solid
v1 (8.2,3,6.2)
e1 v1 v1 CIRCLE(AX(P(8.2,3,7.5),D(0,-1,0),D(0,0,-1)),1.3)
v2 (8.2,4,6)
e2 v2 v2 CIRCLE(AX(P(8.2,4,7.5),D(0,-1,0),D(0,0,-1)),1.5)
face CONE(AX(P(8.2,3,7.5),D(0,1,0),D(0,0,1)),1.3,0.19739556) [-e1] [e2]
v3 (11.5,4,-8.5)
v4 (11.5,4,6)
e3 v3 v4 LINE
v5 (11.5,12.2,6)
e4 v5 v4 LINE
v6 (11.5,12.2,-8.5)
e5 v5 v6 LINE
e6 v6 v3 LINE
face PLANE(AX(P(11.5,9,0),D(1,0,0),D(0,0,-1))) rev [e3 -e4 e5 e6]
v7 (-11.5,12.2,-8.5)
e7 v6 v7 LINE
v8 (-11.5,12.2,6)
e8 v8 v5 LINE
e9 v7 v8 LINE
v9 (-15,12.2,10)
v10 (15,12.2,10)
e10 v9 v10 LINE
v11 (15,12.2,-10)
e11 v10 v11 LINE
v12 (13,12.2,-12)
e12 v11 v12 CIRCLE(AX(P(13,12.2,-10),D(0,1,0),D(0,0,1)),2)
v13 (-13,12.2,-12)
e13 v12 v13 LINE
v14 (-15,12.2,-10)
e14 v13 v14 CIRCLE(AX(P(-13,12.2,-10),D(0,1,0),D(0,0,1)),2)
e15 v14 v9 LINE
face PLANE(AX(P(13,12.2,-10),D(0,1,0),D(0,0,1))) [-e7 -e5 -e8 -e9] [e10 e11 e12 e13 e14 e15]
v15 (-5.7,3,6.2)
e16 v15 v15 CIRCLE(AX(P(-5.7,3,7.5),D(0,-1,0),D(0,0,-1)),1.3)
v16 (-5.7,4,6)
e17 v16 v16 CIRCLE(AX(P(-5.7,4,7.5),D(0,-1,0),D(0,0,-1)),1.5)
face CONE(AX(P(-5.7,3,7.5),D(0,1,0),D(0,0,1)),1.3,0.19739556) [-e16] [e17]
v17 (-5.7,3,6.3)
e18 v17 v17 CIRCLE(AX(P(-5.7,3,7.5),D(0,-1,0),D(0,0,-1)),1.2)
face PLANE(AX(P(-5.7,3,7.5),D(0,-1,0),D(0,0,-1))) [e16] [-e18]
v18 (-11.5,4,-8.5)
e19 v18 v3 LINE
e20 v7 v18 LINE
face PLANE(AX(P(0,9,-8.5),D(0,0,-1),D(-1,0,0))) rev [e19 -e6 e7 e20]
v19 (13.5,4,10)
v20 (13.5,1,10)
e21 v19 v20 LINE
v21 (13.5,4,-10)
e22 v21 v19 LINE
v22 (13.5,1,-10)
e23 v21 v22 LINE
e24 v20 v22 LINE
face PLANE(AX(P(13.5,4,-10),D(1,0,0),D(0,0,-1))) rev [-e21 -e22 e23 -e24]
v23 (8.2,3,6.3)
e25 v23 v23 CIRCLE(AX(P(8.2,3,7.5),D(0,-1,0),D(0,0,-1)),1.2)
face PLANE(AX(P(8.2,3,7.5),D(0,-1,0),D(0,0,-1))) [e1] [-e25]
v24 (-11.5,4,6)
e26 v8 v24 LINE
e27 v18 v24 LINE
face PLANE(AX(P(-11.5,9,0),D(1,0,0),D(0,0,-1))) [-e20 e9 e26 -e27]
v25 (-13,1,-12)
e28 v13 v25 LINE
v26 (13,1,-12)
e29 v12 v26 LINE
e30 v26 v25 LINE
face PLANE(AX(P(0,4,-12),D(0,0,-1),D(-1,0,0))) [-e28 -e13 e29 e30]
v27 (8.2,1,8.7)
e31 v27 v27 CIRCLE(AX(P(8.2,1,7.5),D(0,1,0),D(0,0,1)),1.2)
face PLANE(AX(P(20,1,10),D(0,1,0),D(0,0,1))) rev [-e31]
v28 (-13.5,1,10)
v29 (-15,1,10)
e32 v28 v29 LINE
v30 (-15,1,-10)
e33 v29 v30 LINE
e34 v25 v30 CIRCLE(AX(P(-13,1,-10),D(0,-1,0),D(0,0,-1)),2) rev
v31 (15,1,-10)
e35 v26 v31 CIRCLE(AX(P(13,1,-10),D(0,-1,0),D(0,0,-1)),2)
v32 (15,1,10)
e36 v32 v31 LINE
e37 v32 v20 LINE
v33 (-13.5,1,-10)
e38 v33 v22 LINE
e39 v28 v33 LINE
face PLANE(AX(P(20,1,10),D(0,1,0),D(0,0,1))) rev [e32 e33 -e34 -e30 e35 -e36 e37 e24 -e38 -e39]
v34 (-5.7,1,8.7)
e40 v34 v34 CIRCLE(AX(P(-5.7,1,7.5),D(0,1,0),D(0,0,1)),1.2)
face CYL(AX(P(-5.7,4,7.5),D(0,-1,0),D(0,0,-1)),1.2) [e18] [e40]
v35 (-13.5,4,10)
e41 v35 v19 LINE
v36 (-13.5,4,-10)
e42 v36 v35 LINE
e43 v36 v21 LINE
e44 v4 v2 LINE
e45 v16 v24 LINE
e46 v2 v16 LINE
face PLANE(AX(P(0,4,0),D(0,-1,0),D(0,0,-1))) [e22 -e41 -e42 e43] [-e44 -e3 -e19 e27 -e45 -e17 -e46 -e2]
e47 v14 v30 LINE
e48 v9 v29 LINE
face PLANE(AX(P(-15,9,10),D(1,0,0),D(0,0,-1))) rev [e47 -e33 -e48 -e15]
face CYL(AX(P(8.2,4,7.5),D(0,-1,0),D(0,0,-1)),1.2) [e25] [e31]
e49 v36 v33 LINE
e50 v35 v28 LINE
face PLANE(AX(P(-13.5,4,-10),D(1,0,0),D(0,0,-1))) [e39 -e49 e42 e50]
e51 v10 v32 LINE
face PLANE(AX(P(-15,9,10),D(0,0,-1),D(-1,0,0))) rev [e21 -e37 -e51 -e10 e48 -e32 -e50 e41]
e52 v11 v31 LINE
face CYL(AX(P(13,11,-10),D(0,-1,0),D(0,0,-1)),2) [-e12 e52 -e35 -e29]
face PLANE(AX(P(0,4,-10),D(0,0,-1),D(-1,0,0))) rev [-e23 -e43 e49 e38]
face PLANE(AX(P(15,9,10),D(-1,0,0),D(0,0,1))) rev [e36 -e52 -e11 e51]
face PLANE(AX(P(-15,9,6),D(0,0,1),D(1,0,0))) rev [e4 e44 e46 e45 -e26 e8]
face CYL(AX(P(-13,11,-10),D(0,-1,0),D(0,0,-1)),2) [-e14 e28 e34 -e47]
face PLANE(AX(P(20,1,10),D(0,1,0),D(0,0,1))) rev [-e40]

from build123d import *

# Parameters (mm, degrees)
RESSALTO_EXTRUS_O1_DEPTH = 4
RESSALTO_EXTRUS_O2_DEPTH = 4
ESBO_O2_W                = 30
ESBO_O2_H                = 4
RESSALTO_EXTRUS_O3_DEPTH = 5
RESSALTO_EXTRUS_O4_DEPTH = 5
ESBO_O5_W                = 22
ESBO_O5_H                = 1
CORTE_EXTRUS_O2_DEPTH    = 35
CORTE_EXTRUS_O3_DEPTH    = 10
ESBO_O9_W                = 23
ESBO_O9_H                = 14.5
RESSALTO_EXTRUS_O5_DEPTH = 3.2
ESBO_O4_W                = 0.5
ESBO_O4_H                = 20
CORTE_EXTRUS_O4_DEPTH    = 4
ESBO_O11_R               = 1.5
ESBO_O12_R               = 1.3
ESBO_O11_4_R             = 1.5
ESBO_O12_4_R             = 1.3


with BuildPart() as part:
    # Esboço1 → Ressalto-extrusão1 (new body)
    with BuildSketch(Plane(origin=(0, 0, 0), x_dir=(1, 0, 0), z_dir=(0, 1, 0))):
        with BuildLine():
            ThreePointArc((-4.5, -7.5), (-5.7, -6.3), (-6.9, -7.5))
            Line((-6.9, -7.5), (-5.7, -7.5))
            Line((-5.7, -7.5), (-4.5, -7.5))
        make_face()
        with BuildLine():
            Line((-5.7, -7.5), (-6.9, -7.5))
            ThreePointArc((-6.9, -7.5), (-5.7, -8.7), (-4.5, -7.5))
            Line((-4.5, -7.5), (-5.7, -7.5))
        make_face()
        with BuildLine():
            ThreePointArc((7, -7.5), (8.2, -8.7), (9.4, -7.5))
            Line((9.4, -7.5), (8.2, -7.5))
            Line((8.2, -7.5), (7, -7.5))
        make_face()
        with BuildLine():
            Line((8.2, -7.5), (9.4, -7.5))
            ThreePointArc((9.4, -7.5), (8.2, -6.3), (7, -7.5))
            Line((7, -7.5), (8.2, -7.5))
        make_face()
    extrude(amount=RESSALTO_EXTRUS_O1_DEPTH)



with BuildPart() as body_2:
    # Esboço1<3> → Ressalto-extrusão2 (new body)
    with BuildSketch(Plane(origin=(0, 0, 0), x_dir=(1, 0, 0), z_dir=(0, 1, 0))):
        Polygon((-13, -10), (-13, -9), (-13, -7.5), (-13, 10), (-11.5, 10), (13, 10), (13, -7.5), (13, -9), (13, -10), (15, -10), (15, 10), (15, 12), (13, 12), (-13, 12), (-15, 12), (-15, 10), (-15, -10), align=None)
    extrude(amount=RESSALTO_EXTRUS_O2_DEPTH)


with BuildPart() as part_1:
    add(part.part)

    add(body_2.part)  # Ressalto-extrusão3 merges body 2
    # Esboço2 → Ressalto-extrusão3 (add)
    with BuildSketch(Plane(origin=(0, 4, 0), x_dir=(1, 0, 0), z_dir=(0, 1, 0))):
        with Locations((0, -8)):
            Rectangle(ESBO_O2_W, ESBO_O2_H)
    extrude(amount=RESSALTO_EXTRUS_O3_DEPTH)

    # Esboço3 → Ressalto-extrusão4 (add)
    with BuildSketch(Plane(origin=(0, 4, 0), x_dir=(1, 0, 0), z_dir=(0, 1, 0))):
        Polygon((-11.5, 8.5), (11.5, 8.5), (11.5, -6), (13, -6), (13, 10), (-13, 10), (-13, -6), (-11.5, -6), align=None)
        Polygon((13, 10), (13, -6), (15, -6), (15, 12), (-15, 12), (-15, -6), (-13, -6), (-13, 10), align=None)
    extrude(amount=RESSALTO_EXTRUS_O4_DEPTH)

    # Esboço5 → Corte-extrusão2 (cut)
    with BuildSketch(Plane.ZY.offset(15)):
        with Locations((-1, 0.5)):
            Rectangle(ESBO_O5_W, ESBO_O5_H)
    extrude(amount=-CORTE_EXTRUS_O2_DEPTH, mode=Mode.SUBTRACT)

    # Esboço8 → Corte-extrusão3 (cut)
    with BuildSketch(Plane.XZ.offset(-1)):
        with BuildLine():
            Line((-15, -12), (-13, -12))
            ThreePointArc((-13, -12), (-14.414213562, -11.414213562), (-15, -10))
            Line((-15, -10), (-15, -12))
        make_face()
        with BuildLine():
            ThreePointArc((15, -10), (14.414213562, -11.414213562), (13, -12))
            Line((13, -12), (15, -12))
            Line((15, -12), (15, -10))
        make_face()
    extrude(amount=-CORTE_EXTRUS_O3_DEPTH, mode=Mode.SUBTRACT)

    # Esboço9 → Ressalto-extrusão5 (add)
    with BuildSketch(Plane(origin=(0, 9, 0), x_dir=(1, 0, 0), z_dir=(0, 1, 0))):
        with BuildLine():
            Line((13, 12), (-13, 12))
            ThreePointArc((-13, 12), (-14.414213562, 11.414213562), (-15, 10))
            Line((-15, 10), (-15, -10))
            Line((-15, -10), (15, -10))
            Line((15, -10), (15, 10))
            ThreePointArc((15, 10), (14.414213562, 11.414213562), (13, 12))
        make_face()
        with Locations((0, 1.25)):
            Rectangle(ESBO_O9_W, ESBO_O9_H, mode=Mode.SUBTRACT)
    extrude(amount=RESSALTO_EXTRUS_O5_DEPTH)

    # Esboço4 → Corte-extrusão4 (cut)
    with BuildSketch(Plane.XZ):
        with Locations((-13.25, 0)):
            Rectangle(ESBO_O4_W, ESBO_O4_H)
        with Locations((13.25, 0)):
            Rectangle(ESBO_O4_W, ESBO_O4_H)
    extrude(amount=-CORTE_EXTRUS_O4_DEPTH, mode=Mode.SUBTRACT)

    # Esboço11 → Loft4 section 0
    with BuildSketch(Plane.XZ.offset(-4)):
        with Locations((-5.7, 7.5)):
            Circle(ESBO_O11_R)
    # Esboço12 → Loft4 section 1
    with BuildSketch(Plane(origin=(0, 3, 0), x_dir=(-1, 0, 0), z_dir=(0, -1, 0))):
        with Locations((5.7, -7.5)):
            Circle(ESBO_O12_R)
    loft()

    # Esboço11<4> → Loft5 section 0
    with BuildSketch(Plane.XZ.offset(-4)):
        with Locations((8.2, 7.5)):
            Circle(ESBO_O11_4_R)
    # Esboço12<4> → Loft5 section 1
    with BuildSketch(Plane(origin=(0, 3, 0), x_dir=(-1, 0, 0), z_dir=(0, -1, 0))):
        with Locations((-8.2, -7.5)):
            Circle(ESBO_O12_4_R)
    loft()


solid = part_1.part
